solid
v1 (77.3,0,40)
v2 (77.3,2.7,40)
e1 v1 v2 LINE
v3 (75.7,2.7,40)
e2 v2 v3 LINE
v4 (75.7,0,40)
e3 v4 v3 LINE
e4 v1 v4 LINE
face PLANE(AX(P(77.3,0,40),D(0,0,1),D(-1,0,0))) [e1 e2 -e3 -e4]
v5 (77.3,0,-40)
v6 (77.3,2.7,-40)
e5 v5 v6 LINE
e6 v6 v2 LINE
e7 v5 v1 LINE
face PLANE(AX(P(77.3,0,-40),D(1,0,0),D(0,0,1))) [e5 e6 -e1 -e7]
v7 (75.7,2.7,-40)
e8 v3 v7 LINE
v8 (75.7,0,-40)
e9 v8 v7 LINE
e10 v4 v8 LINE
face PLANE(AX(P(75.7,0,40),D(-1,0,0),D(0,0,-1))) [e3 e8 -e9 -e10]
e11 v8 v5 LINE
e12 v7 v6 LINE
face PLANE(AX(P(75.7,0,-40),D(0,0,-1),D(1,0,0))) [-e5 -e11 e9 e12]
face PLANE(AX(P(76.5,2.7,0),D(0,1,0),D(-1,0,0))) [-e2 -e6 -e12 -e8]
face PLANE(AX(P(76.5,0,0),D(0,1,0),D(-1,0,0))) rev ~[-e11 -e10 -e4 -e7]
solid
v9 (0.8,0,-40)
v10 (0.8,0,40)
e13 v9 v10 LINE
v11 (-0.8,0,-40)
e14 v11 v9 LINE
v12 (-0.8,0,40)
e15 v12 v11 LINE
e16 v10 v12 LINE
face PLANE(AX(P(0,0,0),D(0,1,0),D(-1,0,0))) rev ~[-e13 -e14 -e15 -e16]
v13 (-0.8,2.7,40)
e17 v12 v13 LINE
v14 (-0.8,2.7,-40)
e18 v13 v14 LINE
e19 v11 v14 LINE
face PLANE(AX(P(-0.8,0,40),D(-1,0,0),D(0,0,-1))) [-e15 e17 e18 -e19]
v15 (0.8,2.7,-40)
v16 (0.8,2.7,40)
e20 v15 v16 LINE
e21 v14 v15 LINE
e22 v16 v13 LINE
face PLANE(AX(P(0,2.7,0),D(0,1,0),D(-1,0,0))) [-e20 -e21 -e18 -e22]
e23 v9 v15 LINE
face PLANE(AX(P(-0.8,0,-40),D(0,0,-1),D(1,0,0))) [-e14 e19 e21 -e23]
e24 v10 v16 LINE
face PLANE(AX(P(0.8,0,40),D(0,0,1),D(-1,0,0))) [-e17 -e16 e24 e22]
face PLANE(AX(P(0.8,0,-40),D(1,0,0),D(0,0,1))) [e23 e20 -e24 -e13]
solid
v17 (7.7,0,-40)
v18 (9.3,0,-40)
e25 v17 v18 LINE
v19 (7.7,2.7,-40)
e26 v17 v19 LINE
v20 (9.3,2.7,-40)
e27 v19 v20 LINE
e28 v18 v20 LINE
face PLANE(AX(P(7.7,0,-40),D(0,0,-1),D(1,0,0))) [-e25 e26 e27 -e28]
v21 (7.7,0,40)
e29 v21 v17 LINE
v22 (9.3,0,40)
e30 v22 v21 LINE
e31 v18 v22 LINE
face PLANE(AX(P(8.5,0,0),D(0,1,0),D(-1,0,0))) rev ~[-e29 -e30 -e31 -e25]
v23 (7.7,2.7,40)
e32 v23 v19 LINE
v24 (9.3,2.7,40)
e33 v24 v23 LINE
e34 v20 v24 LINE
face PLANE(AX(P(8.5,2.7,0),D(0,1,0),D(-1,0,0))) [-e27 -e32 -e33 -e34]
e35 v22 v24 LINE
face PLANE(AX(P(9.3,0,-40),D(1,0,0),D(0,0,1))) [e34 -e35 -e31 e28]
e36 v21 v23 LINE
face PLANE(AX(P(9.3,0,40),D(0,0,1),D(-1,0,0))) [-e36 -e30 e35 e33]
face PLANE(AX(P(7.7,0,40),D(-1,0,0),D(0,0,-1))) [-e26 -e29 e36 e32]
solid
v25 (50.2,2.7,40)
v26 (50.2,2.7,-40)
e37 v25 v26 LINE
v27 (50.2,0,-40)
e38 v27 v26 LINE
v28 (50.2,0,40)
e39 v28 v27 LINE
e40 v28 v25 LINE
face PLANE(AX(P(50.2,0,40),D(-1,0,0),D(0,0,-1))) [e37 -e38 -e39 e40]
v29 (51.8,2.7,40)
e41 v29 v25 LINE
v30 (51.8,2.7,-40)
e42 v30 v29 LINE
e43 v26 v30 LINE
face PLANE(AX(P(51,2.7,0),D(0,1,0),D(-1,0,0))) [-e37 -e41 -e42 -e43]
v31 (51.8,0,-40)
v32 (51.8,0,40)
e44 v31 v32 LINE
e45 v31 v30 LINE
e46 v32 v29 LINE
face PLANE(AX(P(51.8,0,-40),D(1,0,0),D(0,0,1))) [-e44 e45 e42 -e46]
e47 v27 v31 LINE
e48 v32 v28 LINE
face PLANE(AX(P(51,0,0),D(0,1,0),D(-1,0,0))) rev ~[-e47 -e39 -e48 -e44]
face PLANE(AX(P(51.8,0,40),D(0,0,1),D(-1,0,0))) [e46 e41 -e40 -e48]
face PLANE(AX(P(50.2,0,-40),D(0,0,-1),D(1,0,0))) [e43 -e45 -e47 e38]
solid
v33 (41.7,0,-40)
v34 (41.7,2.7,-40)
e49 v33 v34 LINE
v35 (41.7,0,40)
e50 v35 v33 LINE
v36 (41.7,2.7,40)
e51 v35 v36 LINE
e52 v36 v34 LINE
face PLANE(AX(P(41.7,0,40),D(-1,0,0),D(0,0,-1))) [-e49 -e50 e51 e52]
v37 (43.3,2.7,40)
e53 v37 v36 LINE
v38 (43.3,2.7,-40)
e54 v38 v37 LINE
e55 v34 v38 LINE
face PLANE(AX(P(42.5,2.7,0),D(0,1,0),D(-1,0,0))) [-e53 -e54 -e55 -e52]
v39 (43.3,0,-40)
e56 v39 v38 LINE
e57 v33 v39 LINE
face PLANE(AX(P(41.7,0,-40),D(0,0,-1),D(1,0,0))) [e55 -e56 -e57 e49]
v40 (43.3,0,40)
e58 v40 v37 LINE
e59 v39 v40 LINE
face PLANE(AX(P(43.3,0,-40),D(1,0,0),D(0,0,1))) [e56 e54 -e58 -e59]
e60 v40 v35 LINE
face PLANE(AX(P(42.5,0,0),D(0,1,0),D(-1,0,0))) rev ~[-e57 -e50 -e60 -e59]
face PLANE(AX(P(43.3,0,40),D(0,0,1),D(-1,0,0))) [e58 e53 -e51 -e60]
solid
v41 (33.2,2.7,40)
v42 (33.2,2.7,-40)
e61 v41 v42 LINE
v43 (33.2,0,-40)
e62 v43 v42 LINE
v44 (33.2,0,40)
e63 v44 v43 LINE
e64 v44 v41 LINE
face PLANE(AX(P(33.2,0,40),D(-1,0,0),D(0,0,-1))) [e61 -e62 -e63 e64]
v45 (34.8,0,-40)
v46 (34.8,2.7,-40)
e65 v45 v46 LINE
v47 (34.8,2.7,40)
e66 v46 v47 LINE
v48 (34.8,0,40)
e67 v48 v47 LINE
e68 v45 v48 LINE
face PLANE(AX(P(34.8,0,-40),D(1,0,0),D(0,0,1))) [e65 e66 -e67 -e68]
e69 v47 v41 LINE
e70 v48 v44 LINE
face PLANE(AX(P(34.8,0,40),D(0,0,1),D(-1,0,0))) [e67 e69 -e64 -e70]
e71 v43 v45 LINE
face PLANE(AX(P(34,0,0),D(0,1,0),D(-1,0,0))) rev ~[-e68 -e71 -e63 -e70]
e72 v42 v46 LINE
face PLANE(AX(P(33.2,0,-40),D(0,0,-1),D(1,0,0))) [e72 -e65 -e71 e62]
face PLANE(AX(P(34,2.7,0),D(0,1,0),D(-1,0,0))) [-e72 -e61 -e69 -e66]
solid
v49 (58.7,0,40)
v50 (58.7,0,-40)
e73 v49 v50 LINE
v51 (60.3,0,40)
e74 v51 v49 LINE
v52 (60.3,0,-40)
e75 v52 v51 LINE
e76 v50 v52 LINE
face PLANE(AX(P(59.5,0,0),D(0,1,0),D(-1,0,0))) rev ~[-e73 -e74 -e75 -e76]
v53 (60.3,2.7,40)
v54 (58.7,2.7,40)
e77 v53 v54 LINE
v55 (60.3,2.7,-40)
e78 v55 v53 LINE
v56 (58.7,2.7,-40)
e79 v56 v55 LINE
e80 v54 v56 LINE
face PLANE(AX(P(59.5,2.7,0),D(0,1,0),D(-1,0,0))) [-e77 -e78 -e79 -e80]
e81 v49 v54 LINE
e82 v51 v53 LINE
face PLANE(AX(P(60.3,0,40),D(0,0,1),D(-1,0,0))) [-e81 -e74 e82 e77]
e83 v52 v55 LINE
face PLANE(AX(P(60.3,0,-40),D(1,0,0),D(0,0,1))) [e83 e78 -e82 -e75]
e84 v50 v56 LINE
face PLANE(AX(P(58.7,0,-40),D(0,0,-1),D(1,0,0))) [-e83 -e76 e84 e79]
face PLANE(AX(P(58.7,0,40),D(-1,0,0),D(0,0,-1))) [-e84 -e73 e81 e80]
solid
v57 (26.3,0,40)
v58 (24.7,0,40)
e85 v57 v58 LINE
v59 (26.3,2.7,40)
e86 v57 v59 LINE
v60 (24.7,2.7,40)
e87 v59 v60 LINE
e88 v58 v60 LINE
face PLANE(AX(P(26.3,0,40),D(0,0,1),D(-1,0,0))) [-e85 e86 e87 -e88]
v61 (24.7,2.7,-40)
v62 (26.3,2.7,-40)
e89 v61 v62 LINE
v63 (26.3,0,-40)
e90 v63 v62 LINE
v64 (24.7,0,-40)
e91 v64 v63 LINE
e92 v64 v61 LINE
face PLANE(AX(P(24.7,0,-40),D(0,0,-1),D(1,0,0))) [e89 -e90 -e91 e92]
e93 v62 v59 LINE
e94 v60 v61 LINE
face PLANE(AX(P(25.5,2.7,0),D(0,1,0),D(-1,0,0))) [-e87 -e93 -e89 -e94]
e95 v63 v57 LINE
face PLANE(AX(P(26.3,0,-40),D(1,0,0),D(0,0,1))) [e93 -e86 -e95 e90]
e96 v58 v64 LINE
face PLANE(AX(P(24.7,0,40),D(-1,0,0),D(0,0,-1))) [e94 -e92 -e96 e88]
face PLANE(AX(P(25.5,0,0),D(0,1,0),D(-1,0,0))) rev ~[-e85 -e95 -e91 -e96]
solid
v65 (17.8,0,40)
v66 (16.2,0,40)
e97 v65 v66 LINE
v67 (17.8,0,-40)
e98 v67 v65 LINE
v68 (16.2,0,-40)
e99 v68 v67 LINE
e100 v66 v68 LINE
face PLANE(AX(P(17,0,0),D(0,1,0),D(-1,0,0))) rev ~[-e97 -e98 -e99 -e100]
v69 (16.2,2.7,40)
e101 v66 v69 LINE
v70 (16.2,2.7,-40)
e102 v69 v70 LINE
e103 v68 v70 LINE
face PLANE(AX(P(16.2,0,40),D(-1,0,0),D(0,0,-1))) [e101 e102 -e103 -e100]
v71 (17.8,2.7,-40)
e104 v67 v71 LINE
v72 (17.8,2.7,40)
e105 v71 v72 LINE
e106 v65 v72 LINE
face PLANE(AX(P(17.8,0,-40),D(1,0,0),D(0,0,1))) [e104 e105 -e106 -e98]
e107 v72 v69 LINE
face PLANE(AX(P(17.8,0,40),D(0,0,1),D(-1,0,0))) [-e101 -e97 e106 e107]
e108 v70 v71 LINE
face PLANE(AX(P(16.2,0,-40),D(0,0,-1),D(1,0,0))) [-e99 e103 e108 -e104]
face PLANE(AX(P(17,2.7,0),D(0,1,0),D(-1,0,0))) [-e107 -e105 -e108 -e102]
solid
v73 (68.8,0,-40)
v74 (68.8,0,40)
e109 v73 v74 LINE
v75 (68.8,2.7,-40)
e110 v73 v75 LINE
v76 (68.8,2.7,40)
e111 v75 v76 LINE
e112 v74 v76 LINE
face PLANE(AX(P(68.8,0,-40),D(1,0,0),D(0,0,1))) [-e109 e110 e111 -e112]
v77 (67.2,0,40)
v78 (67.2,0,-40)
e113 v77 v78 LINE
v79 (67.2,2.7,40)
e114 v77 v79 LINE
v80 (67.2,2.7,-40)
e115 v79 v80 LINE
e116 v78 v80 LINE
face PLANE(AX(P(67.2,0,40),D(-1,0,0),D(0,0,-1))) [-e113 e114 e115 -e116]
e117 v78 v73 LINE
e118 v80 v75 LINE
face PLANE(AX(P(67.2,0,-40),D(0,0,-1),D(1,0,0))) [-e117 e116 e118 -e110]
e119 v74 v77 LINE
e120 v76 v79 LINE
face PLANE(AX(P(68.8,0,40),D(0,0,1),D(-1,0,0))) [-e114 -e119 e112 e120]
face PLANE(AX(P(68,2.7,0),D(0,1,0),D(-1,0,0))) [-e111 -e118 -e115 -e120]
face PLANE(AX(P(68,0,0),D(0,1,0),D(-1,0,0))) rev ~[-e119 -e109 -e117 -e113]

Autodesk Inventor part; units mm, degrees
ref_plane "YZ Plane" through (0, 0, 0) normal (1, 0, 0) x (0, 1, 0)
ref_plane "XZ Plane" through (0, 0, 0) normal (0, 1, 0) x (-1, 0, 0)
ref_plane "XY Plane" through (0, 0, 0) normal (0, 0, 1) x (1, 0, 0)
sketch "Sketch1" plane through (0, 0, 0) normal (0, 1, 0) x (-1, 0, 0)
  line L0 (0.8, -40) -> (-0.8, -40)
  line L1 (-0.8, -40) -> (-0.8, 40)
  line L2 (-0.8, 40) -> (0.8, 40)
  line L3 (0.8, 40) -> (0.8, -40)
  line L4 (0.8, -40) -> (-0.8, 40) construction
  line L5 (-0.8, -40) -> (0.8, 40) construction
  point P0 (0, 0)
  dimension "d0" = 80
  dimension "d1" = 1.6
extrude "Extrusion1" add sketch "Sketch1" along normal blind 2.7
pattern_linear "Rectangular Pattern1" count 10 spacing 8.5 along (1, 0, 0) of "Extrusion1"
equation "\"base_add\" = 1.2"
properties part number "structure1"
